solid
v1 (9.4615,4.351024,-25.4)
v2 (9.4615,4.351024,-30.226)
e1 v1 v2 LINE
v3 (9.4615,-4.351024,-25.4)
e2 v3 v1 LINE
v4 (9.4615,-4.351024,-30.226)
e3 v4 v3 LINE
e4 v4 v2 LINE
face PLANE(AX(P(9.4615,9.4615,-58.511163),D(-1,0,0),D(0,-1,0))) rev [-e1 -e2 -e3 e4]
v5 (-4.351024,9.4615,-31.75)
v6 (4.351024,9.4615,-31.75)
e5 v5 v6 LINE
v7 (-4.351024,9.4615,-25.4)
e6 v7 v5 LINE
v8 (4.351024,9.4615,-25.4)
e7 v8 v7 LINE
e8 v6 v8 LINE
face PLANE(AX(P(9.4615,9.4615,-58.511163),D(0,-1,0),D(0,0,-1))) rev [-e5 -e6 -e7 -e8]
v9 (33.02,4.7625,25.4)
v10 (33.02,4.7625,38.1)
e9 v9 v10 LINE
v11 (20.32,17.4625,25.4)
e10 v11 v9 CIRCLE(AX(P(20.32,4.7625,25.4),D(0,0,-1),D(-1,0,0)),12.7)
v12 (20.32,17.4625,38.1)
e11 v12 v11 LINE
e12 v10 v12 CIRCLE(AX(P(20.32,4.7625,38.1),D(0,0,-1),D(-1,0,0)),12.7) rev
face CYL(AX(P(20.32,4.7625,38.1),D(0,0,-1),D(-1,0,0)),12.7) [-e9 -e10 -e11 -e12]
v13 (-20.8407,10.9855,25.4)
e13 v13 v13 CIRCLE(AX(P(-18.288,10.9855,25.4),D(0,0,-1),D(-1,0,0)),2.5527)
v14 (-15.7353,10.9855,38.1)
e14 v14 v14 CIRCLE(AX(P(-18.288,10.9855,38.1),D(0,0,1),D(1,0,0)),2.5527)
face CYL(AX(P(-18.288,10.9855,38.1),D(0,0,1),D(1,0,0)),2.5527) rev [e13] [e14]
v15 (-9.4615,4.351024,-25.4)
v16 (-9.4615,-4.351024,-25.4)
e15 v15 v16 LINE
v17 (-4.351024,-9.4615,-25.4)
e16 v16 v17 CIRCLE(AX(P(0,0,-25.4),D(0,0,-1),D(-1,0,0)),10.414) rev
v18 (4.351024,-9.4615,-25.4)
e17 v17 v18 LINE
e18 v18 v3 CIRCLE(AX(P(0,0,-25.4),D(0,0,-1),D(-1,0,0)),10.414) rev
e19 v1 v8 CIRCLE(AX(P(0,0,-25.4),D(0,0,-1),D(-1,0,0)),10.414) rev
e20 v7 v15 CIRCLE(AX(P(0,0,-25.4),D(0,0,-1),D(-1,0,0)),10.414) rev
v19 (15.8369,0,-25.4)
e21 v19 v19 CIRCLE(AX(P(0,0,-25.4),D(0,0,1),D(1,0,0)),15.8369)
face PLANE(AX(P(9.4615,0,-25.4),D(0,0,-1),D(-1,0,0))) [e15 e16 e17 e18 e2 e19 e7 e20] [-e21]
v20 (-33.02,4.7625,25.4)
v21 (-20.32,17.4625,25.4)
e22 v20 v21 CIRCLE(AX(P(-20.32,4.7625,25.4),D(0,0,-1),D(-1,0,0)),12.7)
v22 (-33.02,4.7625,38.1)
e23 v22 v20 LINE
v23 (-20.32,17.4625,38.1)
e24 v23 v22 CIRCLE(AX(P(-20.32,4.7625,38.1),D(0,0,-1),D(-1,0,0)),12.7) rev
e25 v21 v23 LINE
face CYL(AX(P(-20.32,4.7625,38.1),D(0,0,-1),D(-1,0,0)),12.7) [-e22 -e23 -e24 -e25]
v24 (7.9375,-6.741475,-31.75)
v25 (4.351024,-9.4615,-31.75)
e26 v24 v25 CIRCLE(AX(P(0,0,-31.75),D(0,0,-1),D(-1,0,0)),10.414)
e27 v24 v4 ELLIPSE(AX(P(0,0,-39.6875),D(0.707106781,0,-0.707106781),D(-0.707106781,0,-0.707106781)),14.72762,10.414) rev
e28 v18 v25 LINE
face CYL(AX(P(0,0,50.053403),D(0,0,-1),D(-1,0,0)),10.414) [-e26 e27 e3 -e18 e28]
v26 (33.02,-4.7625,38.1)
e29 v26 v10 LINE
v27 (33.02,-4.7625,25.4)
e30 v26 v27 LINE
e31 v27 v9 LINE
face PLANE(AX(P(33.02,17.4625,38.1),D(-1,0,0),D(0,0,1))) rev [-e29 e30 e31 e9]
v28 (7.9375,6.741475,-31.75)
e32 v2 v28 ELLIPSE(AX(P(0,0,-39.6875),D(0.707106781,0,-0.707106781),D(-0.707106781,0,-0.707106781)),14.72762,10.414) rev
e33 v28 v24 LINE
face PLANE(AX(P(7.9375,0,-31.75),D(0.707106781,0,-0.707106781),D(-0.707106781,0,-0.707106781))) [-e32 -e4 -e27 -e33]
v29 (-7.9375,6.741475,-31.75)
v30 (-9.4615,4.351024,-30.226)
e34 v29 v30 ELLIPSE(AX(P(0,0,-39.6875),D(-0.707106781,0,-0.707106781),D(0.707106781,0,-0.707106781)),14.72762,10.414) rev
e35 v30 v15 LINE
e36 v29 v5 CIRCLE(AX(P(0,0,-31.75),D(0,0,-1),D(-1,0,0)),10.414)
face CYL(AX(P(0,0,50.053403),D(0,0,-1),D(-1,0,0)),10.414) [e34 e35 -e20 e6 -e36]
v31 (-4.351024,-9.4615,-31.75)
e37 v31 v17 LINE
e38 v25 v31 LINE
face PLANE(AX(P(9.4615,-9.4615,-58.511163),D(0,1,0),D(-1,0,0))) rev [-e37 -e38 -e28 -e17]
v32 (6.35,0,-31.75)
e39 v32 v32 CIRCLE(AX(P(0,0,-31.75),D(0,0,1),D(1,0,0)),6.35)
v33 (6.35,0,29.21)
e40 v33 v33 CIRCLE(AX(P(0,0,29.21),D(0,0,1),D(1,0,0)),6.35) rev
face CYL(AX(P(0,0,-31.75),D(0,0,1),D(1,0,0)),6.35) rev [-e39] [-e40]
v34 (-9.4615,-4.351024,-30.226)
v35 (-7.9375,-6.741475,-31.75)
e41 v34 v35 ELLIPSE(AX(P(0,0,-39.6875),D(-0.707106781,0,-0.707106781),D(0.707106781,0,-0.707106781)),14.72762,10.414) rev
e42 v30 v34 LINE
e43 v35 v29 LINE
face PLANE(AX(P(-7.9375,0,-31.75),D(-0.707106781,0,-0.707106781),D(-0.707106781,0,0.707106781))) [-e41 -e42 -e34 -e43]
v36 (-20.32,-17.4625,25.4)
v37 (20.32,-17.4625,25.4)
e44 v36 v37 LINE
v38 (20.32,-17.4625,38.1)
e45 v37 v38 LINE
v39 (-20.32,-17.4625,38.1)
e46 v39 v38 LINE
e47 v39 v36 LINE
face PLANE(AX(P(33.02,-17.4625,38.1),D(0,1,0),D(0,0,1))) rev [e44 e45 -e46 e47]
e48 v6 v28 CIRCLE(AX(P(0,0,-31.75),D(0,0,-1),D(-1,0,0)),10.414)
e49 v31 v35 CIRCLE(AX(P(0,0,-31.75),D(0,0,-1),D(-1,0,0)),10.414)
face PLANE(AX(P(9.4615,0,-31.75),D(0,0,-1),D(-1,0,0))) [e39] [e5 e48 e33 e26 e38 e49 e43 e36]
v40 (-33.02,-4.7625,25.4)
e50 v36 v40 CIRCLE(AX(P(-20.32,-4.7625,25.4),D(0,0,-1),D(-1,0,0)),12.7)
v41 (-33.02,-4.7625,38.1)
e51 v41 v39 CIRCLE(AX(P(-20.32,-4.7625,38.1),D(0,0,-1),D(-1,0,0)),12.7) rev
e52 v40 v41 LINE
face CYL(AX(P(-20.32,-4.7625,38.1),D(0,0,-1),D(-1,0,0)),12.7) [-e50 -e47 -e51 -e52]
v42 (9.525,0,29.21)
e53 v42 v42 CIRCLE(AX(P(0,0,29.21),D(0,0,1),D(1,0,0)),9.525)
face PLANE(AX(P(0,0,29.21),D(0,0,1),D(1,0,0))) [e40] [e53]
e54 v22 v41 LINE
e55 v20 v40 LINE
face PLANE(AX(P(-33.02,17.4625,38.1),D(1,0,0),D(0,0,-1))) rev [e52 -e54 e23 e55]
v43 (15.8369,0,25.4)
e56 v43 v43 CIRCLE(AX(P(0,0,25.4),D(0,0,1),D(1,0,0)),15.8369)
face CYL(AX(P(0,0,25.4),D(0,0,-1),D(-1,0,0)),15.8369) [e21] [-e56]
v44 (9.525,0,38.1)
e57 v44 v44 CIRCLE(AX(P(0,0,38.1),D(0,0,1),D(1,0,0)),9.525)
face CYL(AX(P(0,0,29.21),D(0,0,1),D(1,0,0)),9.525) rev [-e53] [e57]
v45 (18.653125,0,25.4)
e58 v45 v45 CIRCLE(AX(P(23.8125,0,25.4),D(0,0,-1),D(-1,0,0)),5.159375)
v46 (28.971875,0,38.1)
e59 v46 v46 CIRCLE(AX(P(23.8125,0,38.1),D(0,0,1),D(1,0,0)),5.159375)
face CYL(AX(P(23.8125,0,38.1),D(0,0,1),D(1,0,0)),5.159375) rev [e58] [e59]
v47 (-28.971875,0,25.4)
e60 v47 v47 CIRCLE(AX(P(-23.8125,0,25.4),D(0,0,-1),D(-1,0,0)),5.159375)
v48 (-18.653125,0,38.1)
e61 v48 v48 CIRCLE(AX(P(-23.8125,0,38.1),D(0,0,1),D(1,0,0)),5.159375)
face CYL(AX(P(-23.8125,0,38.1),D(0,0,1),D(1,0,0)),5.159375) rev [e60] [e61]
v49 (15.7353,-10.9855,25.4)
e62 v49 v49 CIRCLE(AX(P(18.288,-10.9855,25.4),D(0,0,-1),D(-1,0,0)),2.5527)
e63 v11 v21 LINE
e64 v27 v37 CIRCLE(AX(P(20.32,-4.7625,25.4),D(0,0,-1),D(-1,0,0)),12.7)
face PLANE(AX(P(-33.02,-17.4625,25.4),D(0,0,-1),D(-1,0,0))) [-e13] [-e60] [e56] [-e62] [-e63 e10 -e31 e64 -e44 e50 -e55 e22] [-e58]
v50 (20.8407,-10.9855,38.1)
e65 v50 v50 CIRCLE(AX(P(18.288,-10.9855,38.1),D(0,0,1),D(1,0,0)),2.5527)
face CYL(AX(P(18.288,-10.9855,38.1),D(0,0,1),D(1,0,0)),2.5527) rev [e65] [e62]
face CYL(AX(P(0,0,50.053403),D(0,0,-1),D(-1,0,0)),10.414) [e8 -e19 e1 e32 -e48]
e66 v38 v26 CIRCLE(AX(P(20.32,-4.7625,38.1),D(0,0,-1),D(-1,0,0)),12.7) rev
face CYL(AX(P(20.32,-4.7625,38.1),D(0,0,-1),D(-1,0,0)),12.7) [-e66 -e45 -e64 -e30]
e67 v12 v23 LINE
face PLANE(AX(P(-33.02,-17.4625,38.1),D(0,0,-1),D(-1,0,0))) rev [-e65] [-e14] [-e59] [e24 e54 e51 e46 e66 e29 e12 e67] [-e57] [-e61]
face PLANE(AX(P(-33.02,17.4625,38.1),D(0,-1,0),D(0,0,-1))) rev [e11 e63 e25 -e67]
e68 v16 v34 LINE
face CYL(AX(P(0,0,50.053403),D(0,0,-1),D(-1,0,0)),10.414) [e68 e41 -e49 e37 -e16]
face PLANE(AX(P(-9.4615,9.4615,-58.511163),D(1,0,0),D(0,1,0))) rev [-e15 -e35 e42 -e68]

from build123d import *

# Parameters (mm, degrees)
SKETCH1_R                        = 15.8369
EXTRUDE1_DEPTH                   = 25.4
SKETCH2_W                        = 66.04
SKETCH2_H                        = 34.925
EXTRUDE2_DEPTH                   = 12.7
SKETCH4_R                        = 6.35
CUT_EXTRUDE1_DEPTH               = 70.85
SKETCH6_R                        = 9.525
CUT_EXTRUDE5_DEPTH               = 8.89
SKETCH7_W                        = 18.923
SKETCH7_H                        = 18.923
SKETCH7_R                        = 6.35
EXTRUDE3_DEPTH                   = 6.35
SKETCH9_OUTSIDE_W                = 88.494
SKETCH9_OUTSIDE_H                = 57.38
SKETCH9_OUTSIDE_R                = 10.414
CUT_EXTRUDE7_DEPTH               = 6.35
FILLET1_R                        = 12.7
F_1_4_20_TAPPED_HOLE1_D          = 5.1054
F_13_32_0_40625_DIAMETER_HOLE1_D = 10.31875
CHAMFER2_SIZE                    = 1.524


with BuildPart() as part:
    # Sketch1 → Extrude1 (new body)
    with BuildSketch(Plane.XY):
        Circle(SKETCH1_R)
    extrude(amount=EXTRUDE1_DEPTH)

    # Sketch2 → Extrude2 (add)
    with BuildSketch(Plane.XY.offset(25.4)):
        Rectangle(SKETCH2_W, SKETCH2_H)
    extrude(amount=EXTRUDE2_DEPTH)

    # Sketch3 → Revolve1 (revolve)
    with BuildSketch(Plane(origin=(0, 0, 0), x_dir=(1, 0, 0), z_dir=(0, 1, 0))):
        Polygon((0, 0), (0, 31.75), (9.4615, 31.75), (9.4615, 25.4), (15.8369, 25.4), (15.8369, 0), align=None)
    revolve(axis=Axis((0, 0, 0), (0, 0, -1)))

    # Sketch4 → Cut-Extrude1 (cut, through all)
    with BuildSketch(Plane.XY.offset(38.1)):
        Circle(SKETCH4_R)
    extrude(amount=-CUT_EXTRUDE1_DEPTH, mode=Mode.SUBTRACT)

    # Sketch6 → Cut-Extrude5 (cut)
    with BuildSketch(Plane.XY.offset(38.1)):
        Circle(SKETCH6_R)
    extrude(amount=-CUT_EXTRUDE5_DEPTH, mode=Mode.SUBTRACT)

    # Sketch7 → Extrude3 (add)
    with BuildSketch(Plane(origin=(0, 0, -25.4), x_dir=(-1, 0, 0), z_dir=(0, 0, -1))):
        Rectangle(SKETCH7_W, SKETCH7_H)
        with Locations(Location((0, 0, 0), (0, 0, 180))):  # turned: the seam where the file's is
            Circle(SKETCH7_R, mode=Mode.SUBTRACT)
    extrude(amount=EXTRUDE3_DEPTH)

    # Sketch9 outside → Cut-Extrude7 (cut)
    with BuildSketch(Plane(origin=(0, 0, -31.75), x_dir=(-1, 0, 0), z_dir=(0, 0, -1))):
        Rectangle(SKETCH9_OUTSIDE_W, SKETCH9_OUTSIDE_H)
        Circle(SKETCH9_OUTSIDE_R, mode=Mode.SUBTRACT)
    extrude(amount=-CUT_EXTRUDE7_DEPTH, mode=Mode.SUBTRACT)

    # Fillet1
    fillet1_edges = [part.edges().sort_by_distance(p)[0] for p in [
        (-33.02, 17.4625, 31.75),
        (-33.02, -17.4625, 31.75),
        (33.02, -17.4625, 31.75),
        (33.02, 17.4625, 31.75),
    ]]
    fillet(fillet1_edges, radius=FILLET1_R)

    # 1/4-20 Tapped Hole1 (through all)
    with Locations(Plane.XY.offset(38.1)):
        with Locations((18.288, -10.9855), (-18.288, 10.9855)):
            Hole(F_1_4_20_TAPPED_HOLE1_D / 2)

    # 13/32 (0.40625) Diameter Hole1 (through all)
    with Locations(Plane.XY.offset(38.1)):
        with Locations((-23.8125, 0), (23.8125, 0)):
            Hole(F_13_32_0_40625_DIAMETER_HOLE1_D / 2)

    # Chamfer2
    chamfer2_edges = [part.edges().sort_by_distance(p)[0] for p in [
        (9.4615, 0, -31.75),
        (-9.4615, 0, -31.75),
    ]]
    chamfer(chamfer2_edges, length=CHAMFER2_SIZE)


solid = part.part
